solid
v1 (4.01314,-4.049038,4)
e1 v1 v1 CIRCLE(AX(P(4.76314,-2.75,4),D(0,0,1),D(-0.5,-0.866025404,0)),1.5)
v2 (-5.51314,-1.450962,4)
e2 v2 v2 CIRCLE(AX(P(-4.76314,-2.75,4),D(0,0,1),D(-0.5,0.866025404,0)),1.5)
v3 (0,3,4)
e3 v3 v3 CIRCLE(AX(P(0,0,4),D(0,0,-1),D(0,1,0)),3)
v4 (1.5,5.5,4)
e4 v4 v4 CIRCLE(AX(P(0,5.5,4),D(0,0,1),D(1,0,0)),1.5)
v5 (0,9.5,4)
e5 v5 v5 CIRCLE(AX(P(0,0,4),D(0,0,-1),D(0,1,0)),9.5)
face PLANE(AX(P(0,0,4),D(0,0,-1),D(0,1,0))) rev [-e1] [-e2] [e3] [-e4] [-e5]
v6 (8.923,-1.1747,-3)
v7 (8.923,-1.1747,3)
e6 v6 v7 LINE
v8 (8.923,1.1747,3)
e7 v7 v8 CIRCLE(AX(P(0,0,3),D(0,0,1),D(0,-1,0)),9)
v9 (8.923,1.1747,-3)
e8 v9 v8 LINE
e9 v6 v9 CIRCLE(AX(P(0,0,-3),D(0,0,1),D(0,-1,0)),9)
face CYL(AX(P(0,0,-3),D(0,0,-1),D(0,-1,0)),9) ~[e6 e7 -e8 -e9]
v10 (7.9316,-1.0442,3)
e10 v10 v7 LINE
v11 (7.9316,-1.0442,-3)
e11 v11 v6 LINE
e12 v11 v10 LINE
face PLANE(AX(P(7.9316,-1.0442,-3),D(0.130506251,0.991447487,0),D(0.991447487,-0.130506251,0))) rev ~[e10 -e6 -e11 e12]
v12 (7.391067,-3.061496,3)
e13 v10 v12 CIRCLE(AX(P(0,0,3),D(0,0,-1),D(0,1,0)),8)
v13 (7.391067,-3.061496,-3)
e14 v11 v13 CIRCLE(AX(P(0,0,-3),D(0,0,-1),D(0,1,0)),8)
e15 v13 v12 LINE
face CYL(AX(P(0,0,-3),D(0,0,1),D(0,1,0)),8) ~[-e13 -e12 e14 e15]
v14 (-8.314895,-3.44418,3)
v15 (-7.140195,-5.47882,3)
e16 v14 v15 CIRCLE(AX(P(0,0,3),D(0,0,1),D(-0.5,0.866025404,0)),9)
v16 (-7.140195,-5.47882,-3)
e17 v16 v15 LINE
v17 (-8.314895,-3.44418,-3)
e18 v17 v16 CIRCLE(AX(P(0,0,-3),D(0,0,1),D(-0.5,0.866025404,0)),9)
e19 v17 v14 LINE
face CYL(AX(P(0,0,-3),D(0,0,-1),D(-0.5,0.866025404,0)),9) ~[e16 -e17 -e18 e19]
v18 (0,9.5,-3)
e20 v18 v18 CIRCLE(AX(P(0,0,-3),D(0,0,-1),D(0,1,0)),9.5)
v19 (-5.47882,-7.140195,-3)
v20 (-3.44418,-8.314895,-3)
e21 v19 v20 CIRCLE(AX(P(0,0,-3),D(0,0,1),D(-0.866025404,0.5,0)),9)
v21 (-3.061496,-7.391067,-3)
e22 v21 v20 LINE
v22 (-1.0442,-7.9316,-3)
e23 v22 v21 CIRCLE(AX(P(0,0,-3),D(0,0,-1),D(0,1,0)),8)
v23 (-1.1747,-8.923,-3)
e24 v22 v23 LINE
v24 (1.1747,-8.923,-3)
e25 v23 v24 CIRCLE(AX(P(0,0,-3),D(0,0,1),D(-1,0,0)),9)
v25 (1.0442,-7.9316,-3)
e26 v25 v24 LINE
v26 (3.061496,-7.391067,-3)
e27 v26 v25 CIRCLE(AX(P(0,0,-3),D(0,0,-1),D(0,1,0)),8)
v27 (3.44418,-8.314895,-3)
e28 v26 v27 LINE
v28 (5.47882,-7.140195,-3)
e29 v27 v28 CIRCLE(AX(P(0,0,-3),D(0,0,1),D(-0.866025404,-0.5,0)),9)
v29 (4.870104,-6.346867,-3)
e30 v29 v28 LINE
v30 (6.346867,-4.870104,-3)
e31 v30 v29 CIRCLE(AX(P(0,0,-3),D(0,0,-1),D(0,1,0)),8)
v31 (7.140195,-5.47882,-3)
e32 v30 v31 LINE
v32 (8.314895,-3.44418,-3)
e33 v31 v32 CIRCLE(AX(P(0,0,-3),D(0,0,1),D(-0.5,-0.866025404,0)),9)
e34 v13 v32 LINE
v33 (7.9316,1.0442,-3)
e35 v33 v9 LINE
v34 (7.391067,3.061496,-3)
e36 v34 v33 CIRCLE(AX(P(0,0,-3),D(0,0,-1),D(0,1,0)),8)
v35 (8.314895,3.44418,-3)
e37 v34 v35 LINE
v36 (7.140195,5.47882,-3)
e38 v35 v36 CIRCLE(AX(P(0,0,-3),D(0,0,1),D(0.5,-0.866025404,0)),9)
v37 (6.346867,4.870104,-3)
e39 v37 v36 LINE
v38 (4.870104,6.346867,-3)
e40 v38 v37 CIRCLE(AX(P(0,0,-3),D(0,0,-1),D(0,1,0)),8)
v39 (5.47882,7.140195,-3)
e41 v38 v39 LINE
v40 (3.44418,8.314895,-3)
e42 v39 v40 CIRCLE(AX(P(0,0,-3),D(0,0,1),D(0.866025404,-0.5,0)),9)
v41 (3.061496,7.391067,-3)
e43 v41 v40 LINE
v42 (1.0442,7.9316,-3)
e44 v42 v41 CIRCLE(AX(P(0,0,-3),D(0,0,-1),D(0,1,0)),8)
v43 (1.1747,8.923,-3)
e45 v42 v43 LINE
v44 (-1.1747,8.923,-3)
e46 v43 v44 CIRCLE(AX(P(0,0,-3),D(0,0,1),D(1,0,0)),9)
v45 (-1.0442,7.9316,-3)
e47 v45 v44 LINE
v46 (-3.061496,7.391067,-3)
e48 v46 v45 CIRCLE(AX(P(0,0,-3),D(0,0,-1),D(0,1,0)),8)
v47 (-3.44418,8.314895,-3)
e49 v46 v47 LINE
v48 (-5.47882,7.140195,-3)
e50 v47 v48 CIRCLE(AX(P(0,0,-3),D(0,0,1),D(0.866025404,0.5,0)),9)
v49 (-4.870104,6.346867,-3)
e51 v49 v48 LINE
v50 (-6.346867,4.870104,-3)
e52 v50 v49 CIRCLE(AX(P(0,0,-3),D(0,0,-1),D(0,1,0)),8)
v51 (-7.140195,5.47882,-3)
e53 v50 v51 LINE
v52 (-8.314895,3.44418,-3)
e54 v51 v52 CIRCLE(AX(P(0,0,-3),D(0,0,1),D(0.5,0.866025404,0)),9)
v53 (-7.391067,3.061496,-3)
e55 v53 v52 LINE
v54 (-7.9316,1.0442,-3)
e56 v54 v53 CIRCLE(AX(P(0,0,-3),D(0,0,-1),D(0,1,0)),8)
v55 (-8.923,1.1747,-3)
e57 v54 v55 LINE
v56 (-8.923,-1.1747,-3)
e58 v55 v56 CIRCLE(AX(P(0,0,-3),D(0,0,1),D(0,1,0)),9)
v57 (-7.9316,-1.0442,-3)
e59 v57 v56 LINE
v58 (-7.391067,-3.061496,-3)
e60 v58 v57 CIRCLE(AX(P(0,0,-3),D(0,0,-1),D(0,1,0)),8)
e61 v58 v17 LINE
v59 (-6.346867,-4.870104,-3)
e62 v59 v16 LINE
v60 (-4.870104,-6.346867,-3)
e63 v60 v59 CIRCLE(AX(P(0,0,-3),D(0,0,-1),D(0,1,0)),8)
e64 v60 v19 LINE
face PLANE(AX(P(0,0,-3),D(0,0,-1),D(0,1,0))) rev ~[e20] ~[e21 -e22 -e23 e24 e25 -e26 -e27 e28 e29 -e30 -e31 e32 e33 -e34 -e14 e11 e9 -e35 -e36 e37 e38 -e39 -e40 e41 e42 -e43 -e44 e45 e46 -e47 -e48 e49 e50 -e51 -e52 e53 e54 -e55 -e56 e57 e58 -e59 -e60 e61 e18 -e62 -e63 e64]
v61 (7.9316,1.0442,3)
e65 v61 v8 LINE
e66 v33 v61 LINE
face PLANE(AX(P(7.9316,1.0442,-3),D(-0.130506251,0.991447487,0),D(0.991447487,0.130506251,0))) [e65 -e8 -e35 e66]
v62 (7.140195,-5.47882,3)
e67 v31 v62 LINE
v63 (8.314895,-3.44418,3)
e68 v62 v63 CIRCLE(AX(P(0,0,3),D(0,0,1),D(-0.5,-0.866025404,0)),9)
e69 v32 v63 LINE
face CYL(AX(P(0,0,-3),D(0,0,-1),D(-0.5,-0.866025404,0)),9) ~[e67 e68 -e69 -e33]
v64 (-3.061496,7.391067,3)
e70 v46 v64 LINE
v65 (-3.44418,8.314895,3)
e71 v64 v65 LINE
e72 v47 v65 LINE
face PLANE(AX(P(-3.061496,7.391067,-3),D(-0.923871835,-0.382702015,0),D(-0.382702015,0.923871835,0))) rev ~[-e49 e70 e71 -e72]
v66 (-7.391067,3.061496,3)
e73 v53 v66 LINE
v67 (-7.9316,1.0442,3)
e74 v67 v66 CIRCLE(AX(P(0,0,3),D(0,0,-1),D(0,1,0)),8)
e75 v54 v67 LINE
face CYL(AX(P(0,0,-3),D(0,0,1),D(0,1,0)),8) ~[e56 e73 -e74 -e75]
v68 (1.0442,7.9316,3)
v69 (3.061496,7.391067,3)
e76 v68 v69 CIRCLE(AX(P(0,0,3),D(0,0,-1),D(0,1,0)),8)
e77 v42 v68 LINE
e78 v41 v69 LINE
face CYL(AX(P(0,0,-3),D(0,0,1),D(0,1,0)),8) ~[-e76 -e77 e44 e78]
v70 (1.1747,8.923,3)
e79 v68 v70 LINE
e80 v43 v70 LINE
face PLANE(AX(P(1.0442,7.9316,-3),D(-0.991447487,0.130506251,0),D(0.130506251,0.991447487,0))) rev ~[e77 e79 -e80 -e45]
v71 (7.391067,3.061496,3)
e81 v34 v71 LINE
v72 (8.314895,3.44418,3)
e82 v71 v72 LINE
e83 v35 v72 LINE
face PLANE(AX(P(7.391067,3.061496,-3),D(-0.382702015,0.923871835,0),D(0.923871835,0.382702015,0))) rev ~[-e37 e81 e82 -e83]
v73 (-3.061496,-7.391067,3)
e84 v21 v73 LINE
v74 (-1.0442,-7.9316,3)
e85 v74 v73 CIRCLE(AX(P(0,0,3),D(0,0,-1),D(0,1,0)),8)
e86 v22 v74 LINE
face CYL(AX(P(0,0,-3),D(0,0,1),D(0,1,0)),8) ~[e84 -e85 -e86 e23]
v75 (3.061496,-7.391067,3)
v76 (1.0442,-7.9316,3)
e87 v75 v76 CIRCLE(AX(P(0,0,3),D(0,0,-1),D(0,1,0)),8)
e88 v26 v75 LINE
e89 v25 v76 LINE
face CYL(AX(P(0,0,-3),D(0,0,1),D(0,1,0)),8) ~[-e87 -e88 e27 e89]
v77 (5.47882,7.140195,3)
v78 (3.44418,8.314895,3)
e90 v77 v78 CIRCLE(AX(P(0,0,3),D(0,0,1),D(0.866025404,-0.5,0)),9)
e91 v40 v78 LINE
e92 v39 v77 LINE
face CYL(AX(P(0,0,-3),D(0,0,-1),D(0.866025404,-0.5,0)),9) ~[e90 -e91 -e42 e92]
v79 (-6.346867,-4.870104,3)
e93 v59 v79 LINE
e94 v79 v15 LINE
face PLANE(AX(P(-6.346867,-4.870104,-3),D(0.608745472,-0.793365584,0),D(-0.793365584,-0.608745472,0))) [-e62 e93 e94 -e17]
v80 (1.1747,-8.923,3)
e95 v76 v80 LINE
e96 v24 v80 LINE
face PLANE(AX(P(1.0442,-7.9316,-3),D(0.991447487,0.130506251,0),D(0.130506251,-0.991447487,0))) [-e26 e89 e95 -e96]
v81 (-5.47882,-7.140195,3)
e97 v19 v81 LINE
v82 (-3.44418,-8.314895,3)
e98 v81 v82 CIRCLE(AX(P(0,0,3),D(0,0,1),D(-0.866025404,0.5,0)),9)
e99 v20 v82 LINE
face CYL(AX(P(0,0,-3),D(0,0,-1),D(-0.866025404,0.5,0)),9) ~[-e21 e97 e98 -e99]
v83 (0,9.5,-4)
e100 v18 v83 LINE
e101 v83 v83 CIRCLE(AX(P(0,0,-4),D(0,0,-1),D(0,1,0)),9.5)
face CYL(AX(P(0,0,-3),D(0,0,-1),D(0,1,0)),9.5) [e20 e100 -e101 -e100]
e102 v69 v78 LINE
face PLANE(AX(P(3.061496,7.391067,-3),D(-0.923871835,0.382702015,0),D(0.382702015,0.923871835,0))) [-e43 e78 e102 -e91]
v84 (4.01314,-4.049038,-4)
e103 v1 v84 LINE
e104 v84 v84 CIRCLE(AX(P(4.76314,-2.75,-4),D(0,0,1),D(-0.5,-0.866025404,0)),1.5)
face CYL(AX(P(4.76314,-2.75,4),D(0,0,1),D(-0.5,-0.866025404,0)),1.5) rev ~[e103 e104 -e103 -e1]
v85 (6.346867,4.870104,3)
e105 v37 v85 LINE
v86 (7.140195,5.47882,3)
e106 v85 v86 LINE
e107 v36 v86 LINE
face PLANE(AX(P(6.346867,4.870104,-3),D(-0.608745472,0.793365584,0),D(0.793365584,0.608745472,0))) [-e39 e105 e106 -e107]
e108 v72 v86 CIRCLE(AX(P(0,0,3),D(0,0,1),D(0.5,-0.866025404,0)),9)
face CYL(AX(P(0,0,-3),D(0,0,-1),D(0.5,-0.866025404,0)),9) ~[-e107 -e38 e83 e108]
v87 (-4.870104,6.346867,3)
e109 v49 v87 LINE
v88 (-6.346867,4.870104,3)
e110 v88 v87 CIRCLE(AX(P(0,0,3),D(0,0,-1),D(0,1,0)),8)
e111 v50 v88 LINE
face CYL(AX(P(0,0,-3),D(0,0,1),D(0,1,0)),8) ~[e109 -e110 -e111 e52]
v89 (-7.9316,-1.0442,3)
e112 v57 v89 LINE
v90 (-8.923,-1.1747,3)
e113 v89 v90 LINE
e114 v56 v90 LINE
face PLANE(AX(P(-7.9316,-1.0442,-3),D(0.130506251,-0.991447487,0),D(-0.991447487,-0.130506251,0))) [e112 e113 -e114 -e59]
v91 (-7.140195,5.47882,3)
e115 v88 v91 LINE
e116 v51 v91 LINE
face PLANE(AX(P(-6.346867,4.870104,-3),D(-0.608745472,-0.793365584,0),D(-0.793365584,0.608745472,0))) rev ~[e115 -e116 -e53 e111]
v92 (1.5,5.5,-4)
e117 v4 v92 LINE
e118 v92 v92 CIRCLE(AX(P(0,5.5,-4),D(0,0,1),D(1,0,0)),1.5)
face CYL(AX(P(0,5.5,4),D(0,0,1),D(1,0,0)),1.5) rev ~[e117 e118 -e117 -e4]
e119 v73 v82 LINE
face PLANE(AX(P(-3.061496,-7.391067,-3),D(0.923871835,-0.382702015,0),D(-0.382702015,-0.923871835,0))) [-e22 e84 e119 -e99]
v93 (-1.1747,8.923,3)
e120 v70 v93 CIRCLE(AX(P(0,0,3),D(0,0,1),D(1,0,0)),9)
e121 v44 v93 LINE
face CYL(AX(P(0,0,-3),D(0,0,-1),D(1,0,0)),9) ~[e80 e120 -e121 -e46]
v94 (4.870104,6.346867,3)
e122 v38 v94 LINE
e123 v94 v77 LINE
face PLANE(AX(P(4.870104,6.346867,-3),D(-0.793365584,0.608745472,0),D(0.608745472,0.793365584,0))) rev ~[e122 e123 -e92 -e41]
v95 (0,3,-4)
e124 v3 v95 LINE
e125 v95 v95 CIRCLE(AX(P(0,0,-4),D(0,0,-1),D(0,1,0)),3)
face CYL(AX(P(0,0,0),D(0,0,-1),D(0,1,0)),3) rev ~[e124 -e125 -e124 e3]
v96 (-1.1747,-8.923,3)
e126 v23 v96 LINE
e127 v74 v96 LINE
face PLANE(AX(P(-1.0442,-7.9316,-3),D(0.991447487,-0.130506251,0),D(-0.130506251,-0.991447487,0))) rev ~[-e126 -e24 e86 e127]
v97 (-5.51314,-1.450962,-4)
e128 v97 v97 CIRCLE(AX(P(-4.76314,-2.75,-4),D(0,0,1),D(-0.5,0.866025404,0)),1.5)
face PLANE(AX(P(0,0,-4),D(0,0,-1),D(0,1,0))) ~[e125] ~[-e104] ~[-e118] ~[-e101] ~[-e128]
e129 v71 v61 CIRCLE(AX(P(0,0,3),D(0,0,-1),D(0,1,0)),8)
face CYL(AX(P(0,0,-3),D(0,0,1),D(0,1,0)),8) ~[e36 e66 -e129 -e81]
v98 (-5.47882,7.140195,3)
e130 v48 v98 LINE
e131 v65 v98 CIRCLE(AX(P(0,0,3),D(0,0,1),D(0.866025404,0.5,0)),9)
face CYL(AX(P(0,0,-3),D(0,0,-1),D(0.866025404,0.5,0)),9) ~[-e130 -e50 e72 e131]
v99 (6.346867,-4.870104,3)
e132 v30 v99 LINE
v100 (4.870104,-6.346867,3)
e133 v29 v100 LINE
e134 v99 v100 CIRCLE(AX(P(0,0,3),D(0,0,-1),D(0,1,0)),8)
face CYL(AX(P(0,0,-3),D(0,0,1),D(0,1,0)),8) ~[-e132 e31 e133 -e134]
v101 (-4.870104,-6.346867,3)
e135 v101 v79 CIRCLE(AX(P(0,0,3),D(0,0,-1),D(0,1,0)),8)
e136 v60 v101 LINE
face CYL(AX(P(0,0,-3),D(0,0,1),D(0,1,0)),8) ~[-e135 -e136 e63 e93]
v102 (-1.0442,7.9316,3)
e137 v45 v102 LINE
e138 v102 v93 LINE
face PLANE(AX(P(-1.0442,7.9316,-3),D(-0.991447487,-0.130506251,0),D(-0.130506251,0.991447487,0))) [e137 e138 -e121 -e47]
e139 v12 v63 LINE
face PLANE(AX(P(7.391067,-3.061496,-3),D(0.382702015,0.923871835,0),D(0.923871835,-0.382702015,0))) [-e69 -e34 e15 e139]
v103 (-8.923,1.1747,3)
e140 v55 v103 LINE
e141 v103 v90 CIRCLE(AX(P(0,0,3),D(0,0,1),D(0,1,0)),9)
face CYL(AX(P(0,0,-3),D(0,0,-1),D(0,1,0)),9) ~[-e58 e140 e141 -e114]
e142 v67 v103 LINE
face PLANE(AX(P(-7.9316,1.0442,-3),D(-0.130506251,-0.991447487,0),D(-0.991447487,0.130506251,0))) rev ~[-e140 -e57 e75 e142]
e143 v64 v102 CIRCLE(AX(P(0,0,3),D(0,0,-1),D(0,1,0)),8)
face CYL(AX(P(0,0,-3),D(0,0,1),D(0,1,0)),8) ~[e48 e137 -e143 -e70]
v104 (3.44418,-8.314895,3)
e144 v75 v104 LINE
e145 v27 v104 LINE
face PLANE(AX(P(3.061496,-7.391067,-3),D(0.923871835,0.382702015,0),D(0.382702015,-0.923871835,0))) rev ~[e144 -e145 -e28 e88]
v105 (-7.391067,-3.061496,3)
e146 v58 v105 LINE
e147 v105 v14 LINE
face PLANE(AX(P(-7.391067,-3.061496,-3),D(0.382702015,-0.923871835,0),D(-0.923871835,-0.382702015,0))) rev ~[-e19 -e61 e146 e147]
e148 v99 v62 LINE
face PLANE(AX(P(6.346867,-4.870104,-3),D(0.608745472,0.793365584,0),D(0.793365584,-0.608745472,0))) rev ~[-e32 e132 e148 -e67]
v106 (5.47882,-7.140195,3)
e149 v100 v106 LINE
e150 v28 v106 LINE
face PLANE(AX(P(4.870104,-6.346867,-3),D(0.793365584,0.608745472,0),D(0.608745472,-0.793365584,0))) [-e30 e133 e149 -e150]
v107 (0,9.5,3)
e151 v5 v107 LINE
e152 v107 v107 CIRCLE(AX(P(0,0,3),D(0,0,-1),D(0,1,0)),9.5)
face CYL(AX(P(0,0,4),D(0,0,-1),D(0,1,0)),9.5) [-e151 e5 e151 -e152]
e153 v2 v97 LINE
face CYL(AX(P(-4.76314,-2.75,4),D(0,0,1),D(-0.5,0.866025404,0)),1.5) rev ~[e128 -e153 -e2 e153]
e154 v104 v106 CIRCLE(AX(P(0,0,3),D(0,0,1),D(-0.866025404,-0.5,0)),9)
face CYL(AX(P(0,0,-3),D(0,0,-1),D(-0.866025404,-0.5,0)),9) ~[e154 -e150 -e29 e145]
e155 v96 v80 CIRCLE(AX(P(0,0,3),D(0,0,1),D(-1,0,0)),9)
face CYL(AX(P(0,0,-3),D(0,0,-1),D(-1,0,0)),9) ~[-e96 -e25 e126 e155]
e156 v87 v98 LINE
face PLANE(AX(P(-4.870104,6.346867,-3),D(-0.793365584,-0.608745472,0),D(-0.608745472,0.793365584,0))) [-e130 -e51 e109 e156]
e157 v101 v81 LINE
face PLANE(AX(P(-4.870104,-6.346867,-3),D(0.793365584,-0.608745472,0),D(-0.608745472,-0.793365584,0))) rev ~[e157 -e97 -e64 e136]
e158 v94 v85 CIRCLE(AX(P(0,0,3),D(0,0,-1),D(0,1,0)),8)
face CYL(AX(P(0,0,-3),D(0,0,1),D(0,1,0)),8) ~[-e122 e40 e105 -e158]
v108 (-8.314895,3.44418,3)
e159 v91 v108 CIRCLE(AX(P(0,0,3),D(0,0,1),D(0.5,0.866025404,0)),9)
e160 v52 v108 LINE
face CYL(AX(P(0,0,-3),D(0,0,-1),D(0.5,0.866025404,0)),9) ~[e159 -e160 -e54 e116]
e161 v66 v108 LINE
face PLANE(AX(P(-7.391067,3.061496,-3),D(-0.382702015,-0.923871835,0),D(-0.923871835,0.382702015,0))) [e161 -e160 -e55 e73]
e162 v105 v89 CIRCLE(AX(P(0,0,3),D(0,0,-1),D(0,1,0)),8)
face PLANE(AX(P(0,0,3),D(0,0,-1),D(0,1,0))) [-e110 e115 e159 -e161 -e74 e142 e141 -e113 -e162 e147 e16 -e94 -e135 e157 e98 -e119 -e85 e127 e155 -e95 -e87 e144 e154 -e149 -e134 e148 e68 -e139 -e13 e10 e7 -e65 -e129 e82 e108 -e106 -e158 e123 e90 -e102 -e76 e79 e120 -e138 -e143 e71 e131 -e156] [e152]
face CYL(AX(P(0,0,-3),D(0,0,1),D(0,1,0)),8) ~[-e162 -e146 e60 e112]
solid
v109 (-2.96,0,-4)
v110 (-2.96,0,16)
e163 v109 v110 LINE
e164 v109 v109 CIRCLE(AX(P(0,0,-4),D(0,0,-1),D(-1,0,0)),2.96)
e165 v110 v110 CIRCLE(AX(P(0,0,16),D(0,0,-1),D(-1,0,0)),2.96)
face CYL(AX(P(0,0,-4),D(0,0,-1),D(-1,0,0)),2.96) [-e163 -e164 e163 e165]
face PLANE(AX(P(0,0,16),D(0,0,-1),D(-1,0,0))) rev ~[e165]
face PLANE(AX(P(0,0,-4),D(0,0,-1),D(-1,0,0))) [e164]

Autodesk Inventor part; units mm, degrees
ref_plane "YZ Plane" through (0, 0, 0) normal (1, 0, 0) x (0, 1, 0)
ref_plane "XZ Plane" through (0, 0, 0) normal (0, 1, 0) x (-1, 0, 0)
ref_plane "XY Plane" through (0, 0, 0) normal (0, 0, 1) x (1, 0, 0)
sketch "Sketch19" plane through (0, 0, 0) normal (1, 0, 0) x (0, 1, 0)
  line L0 (0, 0) -> (3, 0)
  line L1 (3, 0) -> (3, -4)
  line L2 (3, -4) -> (9.5, -4)
  line L3 (9.5, -4) -> (9.5, 0) construction
  line L4 (9.5, 0) -> (3, 0) construction
  line L5 (9.5, -3) -> (8, -3)
  line L6 (8, -3) -> (8, 0)
  line L7 (0, 0) -> (0, -7.3886)
  line L8 (3, 0) -> (3, 4)
  line L9 (3, 4) -> (9.5, 4)
  line L10 (9.5, 4) -> (9.5, 0) construction
  line L11 (9.5, 3) -> (8, 3)
  line L12 (8, 3) -> (8, 0)
  line L13 (9.5, 4) -> (9.5, 3)
  line L14 (9.5, -3) -> (9.5, -4)
  dimension "d111" = 1
  dimension "d113" = 3
  dimension "d119" = 6
  dimension "d120" = 1.5
  dimension "d121" = 8
revolve "Revolution4" add sketch "Sketch19" angle 360 about axis through (0, 0, 0) along (0, 0, -1)
sketch "Sketch20" plane through (0, 0, -4) normal (0, 0, -1) x (-1, 0, 0)
  circle A0 centre (0, 0) radius 3 projected
  circle A1 centre (0, 0) radius 2.96
  dimension "d116" = 0.04
extrude "Extrusion16" add sketch "Sketch20" against normal blind 20 contours A1
sketch "Sketch21" plane through (0, 0, 4) normal (0, 0, 1) x (1, 0, 0)
  circle A0 centre (0, 0) radius 8 projected
  circle A1 centre (0, 0) radius 2.96 projected
  circle A2 centre (0, 0) radius 2.96 construction
  line L0 (0, 0) -> (0, 3) construction
  circle A3 centre (0, 0) radius 3 construction
  line L1 (0, 3) -> (0, 8) construction
  circle A4 centre (0, 5.5) radius 1.5
  dimension "d122" = 3
extrude "Extrusion17" cut sketch "Sketch21" against normal through all contours A4
pattern_circular "Circular Pattern1" count 3 over 360 about axis through (0, 0, -4) along (0, 0, 1) of "Extrusion17"
sketch "Sketch22" plane through (0, 0, -3) normal (0, 0, 1) x (1, 0, 0)
  circle A0 centre (0, 0) radius 8 projected
  circle A1 centre (0, 0) radius 9
  line L0 (0, 0) -> (-1.1747, 8.923) construction
  line L1 (-1.1747, 8.923) -> (1.1747, 8.923) construction
  circle A2 centre (0, 0) radius 8 construction
  line L2 (1.1747, 8.923) -> (0, 0) construction
  line L3 (-1.0442, 7.9316) -> (-1.1747, 8.923)
  line L4 (1.0442, 7.9316) -> (1.1747, 8.923)
  dimension "d128" = 1
  dimension "d129" = 15
extrude "Extrusion18" add sketch "Sketch22" along normal up to surface (6 mm away) contours A0 L3 A1 L4 picked at (0.1163, 8.6584)
pattern_circular "Circular Pattern2" count 12 over 360 about axis through (0, 0, -4) along (0, 0, 1) of "Extrusion18"
properties part number "Nut3"
